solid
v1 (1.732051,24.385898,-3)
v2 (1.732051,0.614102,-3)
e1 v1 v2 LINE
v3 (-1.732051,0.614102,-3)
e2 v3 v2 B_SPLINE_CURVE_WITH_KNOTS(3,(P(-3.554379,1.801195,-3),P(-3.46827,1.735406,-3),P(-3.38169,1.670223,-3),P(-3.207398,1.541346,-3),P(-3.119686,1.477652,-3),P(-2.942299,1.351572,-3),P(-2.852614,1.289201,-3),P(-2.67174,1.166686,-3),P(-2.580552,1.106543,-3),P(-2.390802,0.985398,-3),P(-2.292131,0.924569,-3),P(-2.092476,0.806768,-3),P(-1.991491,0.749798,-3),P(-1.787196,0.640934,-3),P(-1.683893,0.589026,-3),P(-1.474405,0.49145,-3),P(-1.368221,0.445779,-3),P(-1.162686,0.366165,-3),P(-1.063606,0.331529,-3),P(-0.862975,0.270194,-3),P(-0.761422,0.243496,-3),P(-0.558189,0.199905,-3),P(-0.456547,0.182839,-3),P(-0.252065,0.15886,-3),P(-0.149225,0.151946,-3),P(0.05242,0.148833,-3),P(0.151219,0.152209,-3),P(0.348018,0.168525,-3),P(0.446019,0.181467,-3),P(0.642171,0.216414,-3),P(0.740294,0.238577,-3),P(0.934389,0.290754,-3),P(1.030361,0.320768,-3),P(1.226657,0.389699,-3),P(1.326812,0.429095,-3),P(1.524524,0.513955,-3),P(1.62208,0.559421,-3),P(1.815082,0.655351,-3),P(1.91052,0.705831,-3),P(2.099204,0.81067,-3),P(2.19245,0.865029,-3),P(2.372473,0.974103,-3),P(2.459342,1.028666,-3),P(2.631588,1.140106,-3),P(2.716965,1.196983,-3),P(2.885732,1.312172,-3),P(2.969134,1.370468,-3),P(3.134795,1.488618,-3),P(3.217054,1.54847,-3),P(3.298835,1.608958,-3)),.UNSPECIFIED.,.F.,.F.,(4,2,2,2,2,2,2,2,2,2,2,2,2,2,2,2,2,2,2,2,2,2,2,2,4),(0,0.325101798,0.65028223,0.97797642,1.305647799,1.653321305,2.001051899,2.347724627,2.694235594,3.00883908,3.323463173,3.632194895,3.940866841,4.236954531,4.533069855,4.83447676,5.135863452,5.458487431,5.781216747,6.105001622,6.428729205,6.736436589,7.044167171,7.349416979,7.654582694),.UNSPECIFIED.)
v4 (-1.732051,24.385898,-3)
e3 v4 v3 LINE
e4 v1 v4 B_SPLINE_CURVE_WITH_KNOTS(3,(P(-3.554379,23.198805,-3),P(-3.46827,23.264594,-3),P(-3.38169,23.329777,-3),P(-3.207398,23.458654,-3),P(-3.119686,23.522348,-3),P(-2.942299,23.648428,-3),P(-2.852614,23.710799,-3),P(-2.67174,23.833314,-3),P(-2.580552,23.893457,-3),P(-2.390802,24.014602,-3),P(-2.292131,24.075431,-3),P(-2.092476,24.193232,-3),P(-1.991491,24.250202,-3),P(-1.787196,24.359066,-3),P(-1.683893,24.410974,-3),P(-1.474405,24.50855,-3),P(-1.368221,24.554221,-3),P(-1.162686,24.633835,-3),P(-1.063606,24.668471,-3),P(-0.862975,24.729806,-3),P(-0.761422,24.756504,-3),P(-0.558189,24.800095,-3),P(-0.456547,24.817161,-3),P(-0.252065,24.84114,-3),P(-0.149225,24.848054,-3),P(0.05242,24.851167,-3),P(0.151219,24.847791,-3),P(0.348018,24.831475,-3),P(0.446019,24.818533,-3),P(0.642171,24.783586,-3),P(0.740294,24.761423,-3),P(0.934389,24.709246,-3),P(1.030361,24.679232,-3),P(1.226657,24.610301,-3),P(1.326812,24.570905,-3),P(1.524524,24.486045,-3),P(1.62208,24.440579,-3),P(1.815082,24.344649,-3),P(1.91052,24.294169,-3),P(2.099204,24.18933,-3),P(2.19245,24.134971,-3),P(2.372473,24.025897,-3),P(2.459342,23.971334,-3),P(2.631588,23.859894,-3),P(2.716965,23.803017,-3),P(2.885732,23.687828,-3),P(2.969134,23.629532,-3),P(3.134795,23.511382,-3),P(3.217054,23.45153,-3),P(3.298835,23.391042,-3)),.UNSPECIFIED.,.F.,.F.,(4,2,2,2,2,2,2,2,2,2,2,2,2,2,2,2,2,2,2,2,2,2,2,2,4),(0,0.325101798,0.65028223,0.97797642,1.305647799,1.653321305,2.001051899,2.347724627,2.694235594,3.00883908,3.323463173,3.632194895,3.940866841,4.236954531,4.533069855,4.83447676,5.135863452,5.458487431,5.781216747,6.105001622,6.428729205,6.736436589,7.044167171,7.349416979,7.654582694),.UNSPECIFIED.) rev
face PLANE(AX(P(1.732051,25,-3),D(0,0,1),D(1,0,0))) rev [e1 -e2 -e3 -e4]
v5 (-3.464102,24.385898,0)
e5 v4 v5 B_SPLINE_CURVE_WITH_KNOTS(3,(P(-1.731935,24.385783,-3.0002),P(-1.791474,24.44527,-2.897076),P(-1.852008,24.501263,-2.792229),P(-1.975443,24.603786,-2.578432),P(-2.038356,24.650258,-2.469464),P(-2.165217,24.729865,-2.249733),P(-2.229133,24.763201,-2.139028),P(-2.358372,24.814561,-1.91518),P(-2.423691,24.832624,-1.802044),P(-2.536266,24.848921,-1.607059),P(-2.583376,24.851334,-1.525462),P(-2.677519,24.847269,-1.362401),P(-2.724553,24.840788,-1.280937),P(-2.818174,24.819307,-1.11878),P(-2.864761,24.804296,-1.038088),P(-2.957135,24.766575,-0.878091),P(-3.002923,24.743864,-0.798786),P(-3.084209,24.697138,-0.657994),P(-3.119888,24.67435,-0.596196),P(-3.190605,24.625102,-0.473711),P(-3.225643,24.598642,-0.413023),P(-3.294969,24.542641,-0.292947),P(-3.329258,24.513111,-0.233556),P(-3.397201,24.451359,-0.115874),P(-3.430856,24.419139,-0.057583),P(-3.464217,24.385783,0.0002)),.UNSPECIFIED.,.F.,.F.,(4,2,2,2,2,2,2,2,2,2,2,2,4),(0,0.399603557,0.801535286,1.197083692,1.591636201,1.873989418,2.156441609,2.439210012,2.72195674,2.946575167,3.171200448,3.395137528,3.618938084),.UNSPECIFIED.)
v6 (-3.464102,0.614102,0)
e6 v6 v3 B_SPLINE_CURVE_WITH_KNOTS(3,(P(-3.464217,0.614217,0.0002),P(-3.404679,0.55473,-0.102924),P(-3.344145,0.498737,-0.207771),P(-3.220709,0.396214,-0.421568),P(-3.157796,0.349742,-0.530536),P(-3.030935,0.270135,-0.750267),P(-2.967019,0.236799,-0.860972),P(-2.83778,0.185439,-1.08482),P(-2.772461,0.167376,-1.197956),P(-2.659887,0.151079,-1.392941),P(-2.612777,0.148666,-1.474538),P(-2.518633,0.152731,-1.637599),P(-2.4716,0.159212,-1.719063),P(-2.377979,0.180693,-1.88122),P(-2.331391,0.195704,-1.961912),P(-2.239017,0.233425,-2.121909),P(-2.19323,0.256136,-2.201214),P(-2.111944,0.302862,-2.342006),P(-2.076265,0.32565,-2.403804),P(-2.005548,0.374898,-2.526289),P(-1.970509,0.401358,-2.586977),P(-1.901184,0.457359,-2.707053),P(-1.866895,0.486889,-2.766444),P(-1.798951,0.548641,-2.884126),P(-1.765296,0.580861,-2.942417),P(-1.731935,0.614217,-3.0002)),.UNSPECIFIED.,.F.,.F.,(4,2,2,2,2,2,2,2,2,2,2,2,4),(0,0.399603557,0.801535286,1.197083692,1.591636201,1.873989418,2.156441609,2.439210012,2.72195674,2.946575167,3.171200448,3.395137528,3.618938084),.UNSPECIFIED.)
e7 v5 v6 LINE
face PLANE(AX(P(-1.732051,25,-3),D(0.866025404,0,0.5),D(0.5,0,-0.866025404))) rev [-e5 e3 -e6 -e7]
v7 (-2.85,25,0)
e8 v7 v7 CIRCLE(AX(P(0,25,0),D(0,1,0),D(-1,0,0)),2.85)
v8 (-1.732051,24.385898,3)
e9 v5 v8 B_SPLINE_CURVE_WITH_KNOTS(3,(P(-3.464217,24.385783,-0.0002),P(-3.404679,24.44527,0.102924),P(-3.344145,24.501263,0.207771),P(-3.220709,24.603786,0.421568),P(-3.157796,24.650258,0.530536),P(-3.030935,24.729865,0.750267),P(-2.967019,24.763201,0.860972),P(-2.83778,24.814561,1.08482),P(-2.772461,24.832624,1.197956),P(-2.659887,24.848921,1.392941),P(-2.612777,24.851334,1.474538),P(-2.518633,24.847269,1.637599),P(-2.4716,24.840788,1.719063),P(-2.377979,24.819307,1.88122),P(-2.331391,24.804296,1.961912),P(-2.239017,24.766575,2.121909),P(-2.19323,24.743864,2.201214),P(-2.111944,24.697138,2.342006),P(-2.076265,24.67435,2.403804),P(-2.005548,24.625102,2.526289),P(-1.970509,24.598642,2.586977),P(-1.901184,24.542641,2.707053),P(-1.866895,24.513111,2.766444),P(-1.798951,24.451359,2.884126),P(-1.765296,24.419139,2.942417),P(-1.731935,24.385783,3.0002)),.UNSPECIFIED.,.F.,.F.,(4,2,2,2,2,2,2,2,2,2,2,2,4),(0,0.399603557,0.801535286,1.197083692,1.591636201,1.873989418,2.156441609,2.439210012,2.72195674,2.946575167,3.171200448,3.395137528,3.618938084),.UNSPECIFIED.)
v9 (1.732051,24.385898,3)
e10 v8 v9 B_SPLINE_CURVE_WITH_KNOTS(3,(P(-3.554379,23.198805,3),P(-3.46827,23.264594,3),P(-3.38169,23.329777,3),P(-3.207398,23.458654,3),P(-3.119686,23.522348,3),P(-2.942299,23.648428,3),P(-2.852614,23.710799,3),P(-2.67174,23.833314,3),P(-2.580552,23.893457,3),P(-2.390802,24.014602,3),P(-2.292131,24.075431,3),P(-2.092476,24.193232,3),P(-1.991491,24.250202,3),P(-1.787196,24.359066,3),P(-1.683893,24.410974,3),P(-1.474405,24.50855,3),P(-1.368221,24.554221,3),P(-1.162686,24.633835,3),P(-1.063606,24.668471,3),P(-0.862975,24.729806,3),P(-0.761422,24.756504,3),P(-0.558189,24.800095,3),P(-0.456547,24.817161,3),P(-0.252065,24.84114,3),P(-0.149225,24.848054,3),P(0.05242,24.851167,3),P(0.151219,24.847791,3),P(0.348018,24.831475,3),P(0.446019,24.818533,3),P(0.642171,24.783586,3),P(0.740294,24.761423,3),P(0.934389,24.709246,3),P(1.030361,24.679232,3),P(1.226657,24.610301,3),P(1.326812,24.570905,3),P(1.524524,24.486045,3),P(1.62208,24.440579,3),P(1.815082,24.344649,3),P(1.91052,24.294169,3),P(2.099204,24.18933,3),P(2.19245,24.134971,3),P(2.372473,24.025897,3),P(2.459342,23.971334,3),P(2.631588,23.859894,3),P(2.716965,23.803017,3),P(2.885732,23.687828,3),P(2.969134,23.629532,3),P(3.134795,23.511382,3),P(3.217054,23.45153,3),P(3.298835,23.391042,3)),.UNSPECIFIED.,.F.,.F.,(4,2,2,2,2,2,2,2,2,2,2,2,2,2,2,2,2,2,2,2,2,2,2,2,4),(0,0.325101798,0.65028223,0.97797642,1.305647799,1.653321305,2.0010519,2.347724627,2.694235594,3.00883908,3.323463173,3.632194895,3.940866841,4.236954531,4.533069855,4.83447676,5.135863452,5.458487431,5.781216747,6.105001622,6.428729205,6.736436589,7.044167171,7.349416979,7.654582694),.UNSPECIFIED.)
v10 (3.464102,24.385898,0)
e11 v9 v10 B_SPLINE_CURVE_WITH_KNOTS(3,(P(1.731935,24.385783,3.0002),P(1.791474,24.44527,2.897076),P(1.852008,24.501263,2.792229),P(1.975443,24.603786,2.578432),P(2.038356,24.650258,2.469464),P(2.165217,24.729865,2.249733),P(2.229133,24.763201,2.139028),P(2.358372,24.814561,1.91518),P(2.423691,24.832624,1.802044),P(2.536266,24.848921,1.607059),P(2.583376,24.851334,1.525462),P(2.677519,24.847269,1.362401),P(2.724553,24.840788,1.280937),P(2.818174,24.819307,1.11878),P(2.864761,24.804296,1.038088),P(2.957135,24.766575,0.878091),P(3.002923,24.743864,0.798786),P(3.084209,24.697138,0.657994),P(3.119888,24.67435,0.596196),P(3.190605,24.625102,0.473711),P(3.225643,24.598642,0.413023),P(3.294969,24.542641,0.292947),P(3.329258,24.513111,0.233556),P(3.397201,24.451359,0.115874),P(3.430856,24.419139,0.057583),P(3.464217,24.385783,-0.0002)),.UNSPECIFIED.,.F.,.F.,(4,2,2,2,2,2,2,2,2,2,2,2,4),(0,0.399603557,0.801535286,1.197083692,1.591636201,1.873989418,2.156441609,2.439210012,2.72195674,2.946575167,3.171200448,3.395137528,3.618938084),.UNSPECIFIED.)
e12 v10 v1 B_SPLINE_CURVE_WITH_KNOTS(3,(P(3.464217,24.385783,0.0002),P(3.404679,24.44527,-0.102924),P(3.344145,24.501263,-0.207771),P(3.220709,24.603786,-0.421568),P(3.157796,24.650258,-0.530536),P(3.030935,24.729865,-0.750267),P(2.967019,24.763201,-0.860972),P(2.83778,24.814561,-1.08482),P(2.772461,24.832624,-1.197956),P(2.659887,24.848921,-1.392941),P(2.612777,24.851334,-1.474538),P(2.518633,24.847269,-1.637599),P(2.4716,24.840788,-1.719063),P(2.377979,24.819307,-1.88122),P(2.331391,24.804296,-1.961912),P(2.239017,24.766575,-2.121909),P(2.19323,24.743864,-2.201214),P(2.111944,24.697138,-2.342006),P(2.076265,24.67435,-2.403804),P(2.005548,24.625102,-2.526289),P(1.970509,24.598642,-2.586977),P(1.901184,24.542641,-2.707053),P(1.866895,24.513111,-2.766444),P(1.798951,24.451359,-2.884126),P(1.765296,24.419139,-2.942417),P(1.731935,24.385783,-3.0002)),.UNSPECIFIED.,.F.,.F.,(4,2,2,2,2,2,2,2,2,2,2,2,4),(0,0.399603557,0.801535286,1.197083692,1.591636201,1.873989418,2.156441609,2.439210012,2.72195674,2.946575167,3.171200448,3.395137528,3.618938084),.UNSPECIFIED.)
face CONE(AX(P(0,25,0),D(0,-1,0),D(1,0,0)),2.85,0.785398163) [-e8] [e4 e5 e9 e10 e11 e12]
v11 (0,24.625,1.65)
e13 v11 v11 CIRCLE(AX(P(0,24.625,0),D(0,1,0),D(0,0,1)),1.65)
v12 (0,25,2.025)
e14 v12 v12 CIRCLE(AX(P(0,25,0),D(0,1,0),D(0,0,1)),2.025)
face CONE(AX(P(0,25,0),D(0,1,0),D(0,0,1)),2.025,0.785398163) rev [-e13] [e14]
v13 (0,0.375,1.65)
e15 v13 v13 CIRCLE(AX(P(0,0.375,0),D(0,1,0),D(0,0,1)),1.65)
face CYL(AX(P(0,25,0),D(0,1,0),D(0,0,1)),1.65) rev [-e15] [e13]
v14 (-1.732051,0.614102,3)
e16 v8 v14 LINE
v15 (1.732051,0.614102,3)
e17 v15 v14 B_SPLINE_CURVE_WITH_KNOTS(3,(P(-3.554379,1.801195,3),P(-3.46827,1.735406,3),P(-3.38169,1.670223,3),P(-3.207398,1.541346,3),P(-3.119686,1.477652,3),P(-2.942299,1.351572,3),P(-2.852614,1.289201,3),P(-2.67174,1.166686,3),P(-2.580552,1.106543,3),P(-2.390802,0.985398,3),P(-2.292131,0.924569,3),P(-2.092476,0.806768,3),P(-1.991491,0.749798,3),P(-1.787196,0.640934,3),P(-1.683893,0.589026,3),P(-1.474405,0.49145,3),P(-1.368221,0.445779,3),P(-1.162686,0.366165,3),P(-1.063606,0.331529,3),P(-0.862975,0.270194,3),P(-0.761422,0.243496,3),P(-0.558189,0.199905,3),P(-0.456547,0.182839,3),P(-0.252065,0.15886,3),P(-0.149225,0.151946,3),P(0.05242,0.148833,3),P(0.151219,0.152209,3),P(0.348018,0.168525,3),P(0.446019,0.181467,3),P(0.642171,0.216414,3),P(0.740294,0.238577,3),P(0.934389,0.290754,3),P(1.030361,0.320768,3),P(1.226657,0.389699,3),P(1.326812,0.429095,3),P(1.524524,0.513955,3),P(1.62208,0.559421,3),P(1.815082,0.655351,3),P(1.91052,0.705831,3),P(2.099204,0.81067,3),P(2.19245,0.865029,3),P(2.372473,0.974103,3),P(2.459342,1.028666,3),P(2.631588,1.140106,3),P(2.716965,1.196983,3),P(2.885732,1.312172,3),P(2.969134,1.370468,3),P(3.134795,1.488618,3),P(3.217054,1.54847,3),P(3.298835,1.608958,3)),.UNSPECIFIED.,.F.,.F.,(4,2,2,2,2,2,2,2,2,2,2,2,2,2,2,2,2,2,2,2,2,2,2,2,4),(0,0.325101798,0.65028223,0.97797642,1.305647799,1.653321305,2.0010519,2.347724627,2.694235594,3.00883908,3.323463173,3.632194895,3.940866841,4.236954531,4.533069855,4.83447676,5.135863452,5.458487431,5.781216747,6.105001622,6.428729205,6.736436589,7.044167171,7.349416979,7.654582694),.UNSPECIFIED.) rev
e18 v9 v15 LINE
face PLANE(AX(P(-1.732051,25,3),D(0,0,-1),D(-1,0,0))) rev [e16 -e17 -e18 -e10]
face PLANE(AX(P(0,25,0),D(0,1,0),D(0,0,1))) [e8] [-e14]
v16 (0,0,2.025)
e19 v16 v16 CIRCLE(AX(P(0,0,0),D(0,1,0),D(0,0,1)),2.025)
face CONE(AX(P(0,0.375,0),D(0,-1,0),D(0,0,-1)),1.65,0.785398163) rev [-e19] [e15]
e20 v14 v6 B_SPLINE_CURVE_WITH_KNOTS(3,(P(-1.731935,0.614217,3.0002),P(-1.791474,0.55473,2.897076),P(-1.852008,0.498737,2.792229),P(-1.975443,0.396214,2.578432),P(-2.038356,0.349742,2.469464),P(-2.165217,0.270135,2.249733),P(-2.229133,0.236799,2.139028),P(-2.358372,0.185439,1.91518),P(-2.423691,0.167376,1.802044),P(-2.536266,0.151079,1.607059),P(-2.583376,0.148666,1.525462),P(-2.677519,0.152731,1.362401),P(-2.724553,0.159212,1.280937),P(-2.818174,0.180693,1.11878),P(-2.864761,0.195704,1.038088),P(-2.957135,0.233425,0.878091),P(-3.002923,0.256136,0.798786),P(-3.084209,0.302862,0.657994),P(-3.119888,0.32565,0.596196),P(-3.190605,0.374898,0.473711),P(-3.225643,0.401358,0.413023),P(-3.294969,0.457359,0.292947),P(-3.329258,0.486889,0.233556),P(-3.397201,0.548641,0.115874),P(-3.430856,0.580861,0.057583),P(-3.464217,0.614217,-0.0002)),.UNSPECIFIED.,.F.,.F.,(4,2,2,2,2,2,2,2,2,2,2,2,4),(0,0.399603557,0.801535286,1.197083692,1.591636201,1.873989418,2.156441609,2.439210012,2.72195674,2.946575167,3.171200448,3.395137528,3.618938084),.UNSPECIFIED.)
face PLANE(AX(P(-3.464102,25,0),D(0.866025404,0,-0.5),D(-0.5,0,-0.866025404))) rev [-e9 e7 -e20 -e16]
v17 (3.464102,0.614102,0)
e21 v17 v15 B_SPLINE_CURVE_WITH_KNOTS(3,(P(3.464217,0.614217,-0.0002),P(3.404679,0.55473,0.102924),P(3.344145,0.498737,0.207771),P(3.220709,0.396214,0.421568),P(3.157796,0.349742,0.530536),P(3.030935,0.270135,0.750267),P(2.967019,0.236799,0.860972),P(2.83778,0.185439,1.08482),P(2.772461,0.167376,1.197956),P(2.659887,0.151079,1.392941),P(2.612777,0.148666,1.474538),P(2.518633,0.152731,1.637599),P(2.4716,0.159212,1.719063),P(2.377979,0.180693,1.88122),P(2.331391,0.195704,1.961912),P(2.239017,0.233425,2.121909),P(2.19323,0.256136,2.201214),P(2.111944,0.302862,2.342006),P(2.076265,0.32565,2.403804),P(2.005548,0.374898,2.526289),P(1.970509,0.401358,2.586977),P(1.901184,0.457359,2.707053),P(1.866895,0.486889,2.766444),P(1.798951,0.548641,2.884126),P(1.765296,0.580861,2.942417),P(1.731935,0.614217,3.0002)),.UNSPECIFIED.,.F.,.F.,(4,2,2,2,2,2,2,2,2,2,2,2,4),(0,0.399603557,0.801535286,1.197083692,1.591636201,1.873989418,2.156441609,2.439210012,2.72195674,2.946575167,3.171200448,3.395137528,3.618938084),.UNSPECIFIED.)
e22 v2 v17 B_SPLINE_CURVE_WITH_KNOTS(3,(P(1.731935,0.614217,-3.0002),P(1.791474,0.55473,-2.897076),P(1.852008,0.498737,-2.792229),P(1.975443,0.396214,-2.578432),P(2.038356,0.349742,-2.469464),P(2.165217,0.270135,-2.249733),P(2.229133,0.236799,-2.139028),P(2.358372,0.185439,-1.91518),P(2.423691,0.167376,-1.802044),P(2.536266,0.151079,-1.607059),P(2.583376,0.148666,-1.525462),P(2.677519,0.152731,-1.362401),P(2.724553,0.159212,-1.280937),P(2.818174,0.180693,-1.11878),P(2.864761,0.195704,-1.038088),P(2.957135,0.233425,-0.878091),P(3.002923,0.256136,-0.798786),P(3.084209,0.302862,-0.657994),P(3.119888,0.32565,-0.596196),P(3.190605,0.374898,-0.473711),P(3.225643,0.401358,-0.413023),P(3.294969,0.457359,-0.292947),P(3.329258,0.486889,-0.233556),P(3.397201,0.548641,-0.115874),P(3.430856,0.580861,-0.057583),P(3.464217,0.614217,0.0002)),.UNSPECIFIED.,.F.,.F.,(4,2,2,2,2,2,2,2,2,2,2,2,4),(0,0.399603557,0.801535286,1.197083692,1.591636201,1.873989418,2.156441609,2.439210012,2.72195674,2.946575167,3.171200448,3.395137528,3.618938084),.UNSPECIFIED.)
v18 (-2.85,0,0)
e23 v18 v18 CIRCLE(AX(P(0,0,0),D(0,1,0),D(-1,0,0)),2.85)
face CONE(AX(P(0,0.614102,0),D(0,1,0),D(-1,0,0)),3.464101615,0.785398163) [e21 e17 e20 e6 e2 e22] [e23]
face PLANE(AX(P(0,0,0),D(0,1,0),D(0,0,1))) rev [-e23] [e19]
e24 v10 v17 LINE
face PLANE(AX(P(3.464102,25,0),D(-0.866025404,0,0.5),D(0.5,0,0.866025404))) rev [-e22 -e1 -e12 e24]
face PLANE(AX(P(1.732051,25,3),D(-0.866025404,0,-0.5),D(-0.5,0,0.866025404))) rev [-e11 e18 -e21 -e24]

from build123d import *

# Parameters (mm, degrees)
BOSS_EXTRUDE1_DEPTH = 25


with BuildPart() as part:
    # Sketch1 → Boss-Extrude1 (new body)
    with BuildSketch(Plane(origin=(0, 0, 0), x_dir=(1, 0, 0), z_dir=(0, 1, 0))):
        Polygon((1.732050808, 3), (-1.732050808, 3), (-3.464101615, 0), (-1.732050808, -3), (1.732050808, -3), (3.464101615, 0), align=None)
    extrude(amount=BOSS_EXTRUDE1_DEPTH)

    # Sketch2 → M4 Tapped Hole1 (revolve, cut)
    with BuildSketch(Plane(origin=(0, 25, 0), x_dir=(0, 0, 1), z_dir=(1, 0, 0))):
        Polygon((0, 0), (0, 25), (2.025, 25), (1.65, 24.625), (1.65, 0.375), (2.025, 0), align=None)
    revolve(axis=Axis((0, 31.35, 0), (0, -1, 0)), mode=Mode.SUBTRACT)

    # Sketch4 → Cut-Revolve1 (revolve, cut)
    with BuildSketch(Plane.XY):
        Polygon((2.85, 0), (3.464101615, 0.614101615), (3.464101615, 0), align=None)
        Polygon((3.464101615, 25), (2.85, 25), (3.464101615, 24.385898385), align=None)
    revolve(axis=Axis((0, 25, 0), (0, -1, 0)), mode=Mode.SUBTRACT)


solid = part.part
